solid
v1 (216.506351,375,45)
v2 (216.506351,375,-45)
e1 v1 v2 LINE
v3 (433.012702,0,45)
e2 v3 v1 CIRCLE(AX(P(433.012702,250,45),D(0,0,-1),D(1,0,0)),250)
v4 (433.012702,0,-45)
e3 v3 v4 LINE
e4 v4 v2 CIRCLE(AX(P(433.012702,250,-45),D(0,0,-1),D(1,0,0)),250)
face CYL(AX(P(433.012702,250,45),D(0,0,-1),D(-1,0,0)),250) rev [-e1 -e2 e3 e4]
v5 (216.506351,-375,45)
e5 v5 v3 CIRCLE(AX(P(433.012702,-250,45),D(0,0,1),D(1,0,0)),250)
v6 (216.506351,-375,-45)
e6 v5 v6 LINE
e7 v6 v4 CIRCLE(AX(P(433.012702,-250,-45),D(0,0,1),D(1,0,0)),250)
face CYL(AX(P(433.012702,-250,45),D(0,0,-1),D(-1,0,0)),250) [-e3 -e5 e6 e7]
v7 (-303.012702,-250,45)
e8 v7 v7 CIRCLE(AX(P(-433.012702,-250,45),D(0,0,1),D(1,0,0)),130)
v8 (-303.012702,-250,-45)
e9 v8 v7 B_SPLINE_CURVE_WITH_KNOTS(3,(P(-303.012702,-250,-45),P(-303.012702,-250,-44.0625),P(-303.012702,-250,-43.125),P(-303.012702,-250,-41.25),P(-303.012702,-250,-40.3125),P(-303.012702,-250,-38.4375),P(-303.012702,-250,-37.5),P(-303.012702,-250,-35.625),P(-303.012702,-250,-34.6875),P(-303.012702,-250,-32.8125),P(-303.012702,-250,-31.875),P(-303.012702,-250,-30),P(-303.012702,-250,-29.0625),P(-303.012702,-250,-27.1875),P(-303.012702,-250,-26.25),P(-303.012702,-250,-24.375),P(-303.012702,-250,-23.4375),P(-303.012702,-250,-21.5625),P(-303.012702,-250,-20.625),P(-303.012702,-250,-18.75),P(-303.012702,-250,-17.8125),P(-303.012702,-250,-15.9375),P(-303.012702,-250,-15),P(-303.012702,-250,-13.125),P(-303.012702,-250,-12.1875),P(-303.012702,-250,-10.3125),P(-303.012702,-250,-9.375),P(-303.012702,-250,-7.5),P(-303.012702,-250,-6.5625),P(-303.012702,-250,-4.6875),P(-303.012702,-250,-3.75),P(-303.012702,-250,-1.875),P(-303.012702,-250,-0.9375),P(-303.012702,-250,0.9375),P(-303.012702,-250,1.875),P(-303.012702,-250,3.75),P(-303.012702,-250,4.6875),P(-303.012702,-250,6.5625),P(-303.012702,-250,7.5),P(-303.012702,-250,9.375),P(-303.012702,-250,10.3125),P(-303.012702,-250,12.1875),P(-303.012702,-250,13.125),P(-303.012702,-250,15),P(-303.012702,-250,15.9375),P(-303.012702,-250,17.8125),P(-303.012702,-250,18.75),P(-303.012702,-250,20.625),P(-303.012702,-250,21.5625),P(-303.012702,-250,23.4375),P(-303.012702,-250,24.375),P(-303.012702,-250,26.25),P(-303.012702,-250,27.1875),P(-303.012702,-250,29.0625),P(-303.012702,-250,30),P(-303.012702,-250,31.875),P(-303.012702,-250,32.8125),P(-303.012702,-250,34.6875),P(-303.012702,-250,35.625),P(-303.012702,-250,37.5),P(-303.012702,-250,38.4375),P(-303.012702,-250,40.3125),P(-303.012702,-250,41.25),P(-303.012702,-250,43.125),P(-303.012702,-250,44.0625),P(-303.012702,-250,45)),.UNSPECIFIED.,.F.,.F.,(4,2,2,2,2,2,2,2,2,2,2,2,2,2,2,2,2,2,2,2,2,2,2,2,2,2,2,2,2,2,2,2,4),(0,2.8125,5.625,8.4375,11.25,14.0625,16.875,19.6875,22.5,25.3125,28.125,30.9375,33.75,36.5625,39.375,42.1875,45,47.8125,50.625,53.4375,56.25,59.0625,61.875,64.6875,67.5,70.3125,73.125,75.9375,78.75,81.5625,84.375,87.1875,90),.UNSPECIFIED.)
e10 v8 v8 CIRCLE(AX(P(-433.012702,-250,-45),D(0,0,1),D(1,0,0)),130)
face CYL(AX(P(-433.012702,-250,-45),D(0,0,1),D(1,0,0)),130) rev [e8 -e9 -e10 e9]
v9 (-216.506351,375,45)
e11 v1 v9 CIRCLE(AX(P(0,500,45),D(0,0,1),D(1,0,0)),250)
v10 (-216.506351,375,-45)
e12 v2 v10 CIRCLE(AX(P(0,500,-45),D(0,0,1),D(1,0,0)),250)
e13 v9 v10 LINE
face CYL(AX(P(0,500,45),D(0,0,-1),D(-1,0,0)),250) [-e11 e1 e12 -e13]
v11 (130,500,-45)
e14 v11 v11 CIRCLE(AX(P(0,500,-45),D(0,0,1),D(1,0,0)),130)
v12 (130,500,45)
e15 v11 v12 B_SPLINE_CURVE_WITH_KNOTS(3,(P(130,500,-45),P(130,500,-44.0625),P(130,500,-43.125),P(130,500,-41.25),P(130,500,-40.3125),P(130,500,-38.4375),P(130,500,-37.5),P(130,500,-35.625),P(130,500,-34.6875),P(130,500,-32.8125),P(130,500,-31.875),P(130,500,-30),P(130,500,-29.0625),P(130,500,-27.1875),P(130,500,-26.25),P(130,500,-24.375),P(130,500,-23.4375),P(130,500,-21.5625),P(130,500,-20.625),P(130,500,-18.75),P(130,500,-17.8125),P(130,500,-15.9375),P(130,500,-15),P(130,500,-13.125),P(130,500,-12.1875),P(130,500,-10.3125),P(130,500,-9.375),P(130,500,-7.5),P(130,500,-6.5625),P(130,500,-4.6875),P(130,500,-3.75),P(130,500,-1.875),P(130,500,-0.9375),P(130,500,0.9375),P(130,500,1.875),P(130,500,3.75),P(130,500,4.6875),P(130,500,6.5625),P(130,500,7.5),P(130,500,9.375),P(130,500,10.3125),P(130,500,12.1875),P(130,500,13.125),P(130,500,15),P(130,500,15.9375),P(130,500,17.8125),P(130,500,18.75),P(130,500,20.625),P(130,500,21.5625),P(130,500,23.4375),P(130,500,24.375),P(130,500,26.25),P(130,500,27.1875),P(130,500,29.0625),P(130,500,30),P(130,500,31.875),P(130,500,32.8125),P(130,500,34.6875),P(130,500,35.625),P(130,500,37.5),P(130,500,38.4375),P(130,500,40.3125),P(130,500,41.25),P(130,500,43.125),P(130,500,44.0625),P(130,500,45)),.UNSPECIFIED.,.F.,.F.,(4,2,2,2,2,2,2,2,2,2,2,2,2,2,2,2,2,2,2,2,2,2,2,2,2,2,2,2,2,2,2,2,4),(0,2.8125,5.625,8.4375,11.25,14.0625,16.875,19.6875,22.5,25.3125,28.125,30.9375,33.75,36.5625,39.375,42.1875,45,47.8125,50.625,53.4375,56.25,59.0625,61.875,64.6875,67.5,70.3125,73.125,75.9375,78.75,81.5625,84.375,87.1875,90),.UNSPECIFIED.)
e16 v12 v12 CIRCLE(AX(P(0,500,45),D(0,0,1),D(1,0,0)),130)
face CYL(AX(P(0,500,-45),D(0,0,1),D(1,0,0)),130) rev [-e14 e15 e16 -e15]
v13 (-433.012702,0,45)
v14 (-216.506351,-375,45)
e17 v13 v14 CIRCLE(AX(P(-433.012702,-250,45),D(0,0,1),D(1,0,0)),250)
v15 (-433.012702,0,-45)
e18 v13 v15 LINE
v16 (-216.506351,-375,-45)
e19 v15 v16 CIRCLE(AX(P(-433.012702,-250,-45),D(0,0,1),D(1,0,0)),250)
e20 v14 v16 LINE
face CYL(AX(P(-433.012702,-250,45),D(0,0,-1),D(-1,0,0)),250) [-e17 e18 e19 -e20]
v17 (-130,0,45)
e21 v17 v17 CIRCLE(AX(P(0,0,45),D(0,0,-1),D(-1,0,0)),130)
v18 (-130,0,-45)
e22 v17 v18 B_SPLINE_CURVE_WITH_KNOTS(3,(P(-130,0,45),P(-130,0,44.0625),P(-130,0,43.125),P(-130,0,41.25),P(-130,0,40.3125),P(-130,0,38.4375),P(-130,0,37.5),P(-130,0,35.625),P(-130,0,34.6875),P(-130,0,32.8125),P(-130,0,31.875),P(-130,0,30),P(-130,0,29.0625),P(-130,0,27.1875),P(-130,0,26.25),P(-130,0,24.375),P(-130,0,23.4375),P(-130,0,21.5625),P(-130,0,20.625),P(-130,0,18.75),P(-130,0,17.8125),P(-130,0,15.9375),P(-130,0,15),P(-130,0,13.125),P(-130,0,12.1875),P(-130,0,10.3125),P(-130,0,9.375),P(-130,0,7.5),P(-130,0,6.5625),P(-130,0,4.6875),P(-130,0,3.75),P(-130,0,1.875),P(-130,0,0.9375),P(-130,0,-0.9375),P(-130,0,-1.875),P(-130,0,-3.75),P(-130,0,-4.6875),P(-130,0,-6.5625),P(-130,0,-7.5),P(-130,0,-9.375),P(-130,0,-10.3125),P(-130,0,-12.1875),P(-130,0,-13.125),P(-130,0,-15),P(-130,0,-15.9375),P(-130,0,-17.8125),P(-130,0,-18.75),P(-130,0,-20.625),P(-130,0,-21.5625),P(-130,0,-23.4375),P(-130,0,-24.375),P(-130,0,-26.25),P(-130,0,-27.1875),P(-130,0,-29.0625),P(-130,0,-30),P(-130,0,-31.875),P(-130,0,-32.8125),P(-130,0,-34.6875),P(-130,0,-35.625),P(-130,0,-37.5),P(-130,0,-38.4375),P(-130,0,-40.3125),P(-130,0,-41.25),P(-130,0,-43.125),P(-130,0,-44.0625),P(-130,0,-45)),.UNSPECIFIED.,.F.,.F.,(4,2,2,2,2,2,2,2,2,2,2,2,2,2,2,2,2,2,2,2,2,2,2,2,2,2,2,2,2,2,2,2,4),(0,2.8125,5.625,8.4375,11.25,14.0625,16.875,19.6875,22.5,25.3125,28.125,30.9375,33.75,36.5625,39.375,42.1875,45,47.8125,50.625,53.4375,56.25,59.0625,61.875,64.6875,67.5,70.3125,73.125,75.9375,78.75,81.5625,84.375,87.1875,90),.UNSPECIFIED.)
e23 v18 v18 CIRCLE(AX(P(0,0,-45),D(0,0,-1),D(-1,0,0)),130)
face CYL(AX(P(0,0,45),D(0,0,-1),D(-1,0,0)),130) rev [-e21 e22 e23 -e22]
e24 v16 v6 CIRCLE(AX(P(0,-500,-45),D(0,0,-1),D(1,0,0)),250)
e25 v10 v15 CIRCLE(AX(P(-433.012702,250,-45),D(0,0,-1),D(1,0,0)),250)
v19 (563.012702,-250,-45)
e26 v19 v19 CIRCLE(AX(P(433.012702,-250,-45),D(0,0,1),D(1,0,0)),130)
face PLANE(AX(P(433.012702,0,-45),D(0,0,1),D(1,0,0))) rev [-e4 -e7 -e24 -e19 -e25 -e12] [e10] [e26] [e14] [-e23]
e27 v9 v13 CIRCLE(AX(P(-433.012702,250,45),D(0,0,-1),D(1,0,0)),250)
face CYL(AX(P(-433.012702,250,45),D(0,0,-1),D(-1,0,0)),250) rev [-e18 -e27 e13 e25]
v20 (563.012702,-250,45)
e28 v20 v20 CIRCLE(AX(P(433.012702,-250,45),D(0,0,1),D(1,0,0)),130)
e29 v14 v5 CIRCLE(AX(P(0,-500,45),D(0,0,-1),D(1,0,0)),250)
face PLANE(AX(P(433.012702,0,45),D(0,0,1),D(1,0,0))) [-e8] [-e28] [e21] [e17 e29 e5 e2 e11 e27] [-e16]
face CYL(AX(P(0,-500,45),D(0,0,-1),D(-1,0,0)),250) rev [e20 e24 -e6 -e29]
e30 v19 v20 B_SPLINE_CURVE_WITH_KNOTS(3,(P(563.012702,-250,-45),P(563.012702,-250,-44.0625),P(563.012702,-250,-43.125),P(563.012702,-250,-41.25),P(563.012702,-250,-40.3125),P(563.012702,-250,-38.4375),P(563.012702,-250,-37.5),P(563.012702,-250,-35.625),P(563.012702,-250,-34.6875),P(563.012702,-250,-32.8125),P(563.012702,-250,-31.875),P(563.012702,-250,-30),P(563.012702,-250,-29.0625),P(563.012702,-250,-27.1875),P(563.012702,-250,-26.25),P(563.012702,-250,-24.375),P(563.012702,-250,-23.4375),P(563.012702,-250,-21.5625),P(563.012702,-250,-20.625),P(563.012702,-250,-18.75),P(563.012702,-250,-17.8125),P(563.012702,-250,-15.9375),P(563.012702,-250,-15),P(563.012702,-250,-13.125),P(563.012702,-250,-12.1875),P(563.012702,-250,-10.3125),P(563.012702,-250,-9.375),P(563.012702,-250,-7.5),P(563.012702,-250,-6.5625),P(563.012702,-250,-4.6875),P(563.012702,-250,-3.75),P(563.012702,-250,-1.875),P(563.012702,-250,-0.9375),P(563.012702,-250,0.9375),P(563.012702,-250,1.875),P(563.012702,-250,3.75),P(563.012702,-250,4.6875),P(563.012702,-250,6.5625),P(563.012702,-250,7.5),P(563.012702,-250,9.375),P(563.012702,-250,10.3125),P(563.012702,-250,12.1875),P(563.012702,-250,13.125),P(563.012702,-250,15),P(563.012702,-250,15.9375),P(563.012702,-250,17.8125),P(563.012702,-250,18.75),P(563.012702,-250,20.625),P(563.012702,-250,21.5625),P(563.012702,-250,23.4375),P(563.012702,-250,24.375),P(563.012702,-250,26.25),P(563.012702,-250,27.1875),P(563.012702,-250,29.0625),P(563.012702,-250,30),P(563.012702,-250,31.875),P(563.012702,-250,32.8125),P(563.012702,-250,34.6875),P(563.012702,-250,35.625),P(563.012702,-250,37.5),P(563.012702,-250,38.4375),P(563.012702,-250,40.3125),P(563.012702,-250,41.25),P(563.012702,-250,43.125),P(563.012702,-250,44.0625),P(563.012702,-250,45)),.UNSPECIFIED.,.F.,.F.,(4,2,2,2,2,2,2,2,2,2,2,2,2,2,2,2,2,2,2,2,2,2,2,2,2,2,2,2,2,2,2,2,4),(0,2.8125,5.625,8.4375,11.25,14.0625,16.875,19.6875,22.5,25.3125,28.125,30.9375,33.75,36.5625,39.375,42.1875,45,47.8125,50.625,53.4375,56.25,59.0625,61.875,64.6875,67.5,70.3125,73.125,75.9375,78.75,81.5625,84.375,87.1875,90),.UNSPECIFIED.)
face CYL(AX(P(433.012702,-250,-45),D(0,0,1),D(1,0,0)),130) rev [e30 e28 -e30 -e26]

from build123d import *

# Parameters (mm, degrees)
BOSS_EXTRUDE1_DEPTH = 45
SKETCH3_R           = 130
CUT_EXTRUDE1_DEPTH  = 1019.38418632
SKETCH2_R           = 130
CUT_EXTRUDE2_DEPTH  = 1019.38418632


with BuildPart() as part:
    # Sketch1 → Boss-Extrude1 (new, symmetric)
    with BuildSketch(Plane.XY):
        with BuildLine():
            ThreePointArc((-433.012701892, 0), (-649.519052838, -375), (-216.506350946, -375))
            ThreePointArc((-216.506350946, -375), (0, -250), (216.506350946, -375))
            ThreePointArc((216.506350946, -375), (649.519052838, -375), (433.012701892, 0))
            ThreePointArc((433.012701892, 0), (216.506350946, 125), (216.506350946, 375))
            ThreePointArc((216.506350946, 375), (0, 750), (-216.506350946, 375))
            ThreePointArc((-216.506350946, 375), (-216.506350946, 125), (-433.012701892, 0))
        make_face()
    extrude(amount=BOSS_EXTRUDE1_DEPTH, both=True)

    # Sketch3 → Cut-Extrude1 (cut, through all)
    with BuildSketch(Plane(origin=(0, 0, -45), x_dir=(-1, 0, 0), z_dir=(0, 0, -1))):
        Circle(SKETCH3_R)
    extrude(amount=-CUT_EXTRUDE1_DEPTH, mode=Mode.SUBTRACT)

    # Sketch2 → Cut-Extrude2 (cut, through all)
    with BuildSketch(Plane.XY.offset(45)):
        with Locations((-433.012701892, -250)):
            Circle(SKETCH2_R)
        with Locations((433.012701892, -250)):
            Circle(SKETCH2_R)
        with Locations((0, 500)):
            Circle(SKETCH2_R)
    extrude(amount=-CUT_EXTRUDE2_DEPTH, mode=Mode.SUBTRACT)


solid = part.part
